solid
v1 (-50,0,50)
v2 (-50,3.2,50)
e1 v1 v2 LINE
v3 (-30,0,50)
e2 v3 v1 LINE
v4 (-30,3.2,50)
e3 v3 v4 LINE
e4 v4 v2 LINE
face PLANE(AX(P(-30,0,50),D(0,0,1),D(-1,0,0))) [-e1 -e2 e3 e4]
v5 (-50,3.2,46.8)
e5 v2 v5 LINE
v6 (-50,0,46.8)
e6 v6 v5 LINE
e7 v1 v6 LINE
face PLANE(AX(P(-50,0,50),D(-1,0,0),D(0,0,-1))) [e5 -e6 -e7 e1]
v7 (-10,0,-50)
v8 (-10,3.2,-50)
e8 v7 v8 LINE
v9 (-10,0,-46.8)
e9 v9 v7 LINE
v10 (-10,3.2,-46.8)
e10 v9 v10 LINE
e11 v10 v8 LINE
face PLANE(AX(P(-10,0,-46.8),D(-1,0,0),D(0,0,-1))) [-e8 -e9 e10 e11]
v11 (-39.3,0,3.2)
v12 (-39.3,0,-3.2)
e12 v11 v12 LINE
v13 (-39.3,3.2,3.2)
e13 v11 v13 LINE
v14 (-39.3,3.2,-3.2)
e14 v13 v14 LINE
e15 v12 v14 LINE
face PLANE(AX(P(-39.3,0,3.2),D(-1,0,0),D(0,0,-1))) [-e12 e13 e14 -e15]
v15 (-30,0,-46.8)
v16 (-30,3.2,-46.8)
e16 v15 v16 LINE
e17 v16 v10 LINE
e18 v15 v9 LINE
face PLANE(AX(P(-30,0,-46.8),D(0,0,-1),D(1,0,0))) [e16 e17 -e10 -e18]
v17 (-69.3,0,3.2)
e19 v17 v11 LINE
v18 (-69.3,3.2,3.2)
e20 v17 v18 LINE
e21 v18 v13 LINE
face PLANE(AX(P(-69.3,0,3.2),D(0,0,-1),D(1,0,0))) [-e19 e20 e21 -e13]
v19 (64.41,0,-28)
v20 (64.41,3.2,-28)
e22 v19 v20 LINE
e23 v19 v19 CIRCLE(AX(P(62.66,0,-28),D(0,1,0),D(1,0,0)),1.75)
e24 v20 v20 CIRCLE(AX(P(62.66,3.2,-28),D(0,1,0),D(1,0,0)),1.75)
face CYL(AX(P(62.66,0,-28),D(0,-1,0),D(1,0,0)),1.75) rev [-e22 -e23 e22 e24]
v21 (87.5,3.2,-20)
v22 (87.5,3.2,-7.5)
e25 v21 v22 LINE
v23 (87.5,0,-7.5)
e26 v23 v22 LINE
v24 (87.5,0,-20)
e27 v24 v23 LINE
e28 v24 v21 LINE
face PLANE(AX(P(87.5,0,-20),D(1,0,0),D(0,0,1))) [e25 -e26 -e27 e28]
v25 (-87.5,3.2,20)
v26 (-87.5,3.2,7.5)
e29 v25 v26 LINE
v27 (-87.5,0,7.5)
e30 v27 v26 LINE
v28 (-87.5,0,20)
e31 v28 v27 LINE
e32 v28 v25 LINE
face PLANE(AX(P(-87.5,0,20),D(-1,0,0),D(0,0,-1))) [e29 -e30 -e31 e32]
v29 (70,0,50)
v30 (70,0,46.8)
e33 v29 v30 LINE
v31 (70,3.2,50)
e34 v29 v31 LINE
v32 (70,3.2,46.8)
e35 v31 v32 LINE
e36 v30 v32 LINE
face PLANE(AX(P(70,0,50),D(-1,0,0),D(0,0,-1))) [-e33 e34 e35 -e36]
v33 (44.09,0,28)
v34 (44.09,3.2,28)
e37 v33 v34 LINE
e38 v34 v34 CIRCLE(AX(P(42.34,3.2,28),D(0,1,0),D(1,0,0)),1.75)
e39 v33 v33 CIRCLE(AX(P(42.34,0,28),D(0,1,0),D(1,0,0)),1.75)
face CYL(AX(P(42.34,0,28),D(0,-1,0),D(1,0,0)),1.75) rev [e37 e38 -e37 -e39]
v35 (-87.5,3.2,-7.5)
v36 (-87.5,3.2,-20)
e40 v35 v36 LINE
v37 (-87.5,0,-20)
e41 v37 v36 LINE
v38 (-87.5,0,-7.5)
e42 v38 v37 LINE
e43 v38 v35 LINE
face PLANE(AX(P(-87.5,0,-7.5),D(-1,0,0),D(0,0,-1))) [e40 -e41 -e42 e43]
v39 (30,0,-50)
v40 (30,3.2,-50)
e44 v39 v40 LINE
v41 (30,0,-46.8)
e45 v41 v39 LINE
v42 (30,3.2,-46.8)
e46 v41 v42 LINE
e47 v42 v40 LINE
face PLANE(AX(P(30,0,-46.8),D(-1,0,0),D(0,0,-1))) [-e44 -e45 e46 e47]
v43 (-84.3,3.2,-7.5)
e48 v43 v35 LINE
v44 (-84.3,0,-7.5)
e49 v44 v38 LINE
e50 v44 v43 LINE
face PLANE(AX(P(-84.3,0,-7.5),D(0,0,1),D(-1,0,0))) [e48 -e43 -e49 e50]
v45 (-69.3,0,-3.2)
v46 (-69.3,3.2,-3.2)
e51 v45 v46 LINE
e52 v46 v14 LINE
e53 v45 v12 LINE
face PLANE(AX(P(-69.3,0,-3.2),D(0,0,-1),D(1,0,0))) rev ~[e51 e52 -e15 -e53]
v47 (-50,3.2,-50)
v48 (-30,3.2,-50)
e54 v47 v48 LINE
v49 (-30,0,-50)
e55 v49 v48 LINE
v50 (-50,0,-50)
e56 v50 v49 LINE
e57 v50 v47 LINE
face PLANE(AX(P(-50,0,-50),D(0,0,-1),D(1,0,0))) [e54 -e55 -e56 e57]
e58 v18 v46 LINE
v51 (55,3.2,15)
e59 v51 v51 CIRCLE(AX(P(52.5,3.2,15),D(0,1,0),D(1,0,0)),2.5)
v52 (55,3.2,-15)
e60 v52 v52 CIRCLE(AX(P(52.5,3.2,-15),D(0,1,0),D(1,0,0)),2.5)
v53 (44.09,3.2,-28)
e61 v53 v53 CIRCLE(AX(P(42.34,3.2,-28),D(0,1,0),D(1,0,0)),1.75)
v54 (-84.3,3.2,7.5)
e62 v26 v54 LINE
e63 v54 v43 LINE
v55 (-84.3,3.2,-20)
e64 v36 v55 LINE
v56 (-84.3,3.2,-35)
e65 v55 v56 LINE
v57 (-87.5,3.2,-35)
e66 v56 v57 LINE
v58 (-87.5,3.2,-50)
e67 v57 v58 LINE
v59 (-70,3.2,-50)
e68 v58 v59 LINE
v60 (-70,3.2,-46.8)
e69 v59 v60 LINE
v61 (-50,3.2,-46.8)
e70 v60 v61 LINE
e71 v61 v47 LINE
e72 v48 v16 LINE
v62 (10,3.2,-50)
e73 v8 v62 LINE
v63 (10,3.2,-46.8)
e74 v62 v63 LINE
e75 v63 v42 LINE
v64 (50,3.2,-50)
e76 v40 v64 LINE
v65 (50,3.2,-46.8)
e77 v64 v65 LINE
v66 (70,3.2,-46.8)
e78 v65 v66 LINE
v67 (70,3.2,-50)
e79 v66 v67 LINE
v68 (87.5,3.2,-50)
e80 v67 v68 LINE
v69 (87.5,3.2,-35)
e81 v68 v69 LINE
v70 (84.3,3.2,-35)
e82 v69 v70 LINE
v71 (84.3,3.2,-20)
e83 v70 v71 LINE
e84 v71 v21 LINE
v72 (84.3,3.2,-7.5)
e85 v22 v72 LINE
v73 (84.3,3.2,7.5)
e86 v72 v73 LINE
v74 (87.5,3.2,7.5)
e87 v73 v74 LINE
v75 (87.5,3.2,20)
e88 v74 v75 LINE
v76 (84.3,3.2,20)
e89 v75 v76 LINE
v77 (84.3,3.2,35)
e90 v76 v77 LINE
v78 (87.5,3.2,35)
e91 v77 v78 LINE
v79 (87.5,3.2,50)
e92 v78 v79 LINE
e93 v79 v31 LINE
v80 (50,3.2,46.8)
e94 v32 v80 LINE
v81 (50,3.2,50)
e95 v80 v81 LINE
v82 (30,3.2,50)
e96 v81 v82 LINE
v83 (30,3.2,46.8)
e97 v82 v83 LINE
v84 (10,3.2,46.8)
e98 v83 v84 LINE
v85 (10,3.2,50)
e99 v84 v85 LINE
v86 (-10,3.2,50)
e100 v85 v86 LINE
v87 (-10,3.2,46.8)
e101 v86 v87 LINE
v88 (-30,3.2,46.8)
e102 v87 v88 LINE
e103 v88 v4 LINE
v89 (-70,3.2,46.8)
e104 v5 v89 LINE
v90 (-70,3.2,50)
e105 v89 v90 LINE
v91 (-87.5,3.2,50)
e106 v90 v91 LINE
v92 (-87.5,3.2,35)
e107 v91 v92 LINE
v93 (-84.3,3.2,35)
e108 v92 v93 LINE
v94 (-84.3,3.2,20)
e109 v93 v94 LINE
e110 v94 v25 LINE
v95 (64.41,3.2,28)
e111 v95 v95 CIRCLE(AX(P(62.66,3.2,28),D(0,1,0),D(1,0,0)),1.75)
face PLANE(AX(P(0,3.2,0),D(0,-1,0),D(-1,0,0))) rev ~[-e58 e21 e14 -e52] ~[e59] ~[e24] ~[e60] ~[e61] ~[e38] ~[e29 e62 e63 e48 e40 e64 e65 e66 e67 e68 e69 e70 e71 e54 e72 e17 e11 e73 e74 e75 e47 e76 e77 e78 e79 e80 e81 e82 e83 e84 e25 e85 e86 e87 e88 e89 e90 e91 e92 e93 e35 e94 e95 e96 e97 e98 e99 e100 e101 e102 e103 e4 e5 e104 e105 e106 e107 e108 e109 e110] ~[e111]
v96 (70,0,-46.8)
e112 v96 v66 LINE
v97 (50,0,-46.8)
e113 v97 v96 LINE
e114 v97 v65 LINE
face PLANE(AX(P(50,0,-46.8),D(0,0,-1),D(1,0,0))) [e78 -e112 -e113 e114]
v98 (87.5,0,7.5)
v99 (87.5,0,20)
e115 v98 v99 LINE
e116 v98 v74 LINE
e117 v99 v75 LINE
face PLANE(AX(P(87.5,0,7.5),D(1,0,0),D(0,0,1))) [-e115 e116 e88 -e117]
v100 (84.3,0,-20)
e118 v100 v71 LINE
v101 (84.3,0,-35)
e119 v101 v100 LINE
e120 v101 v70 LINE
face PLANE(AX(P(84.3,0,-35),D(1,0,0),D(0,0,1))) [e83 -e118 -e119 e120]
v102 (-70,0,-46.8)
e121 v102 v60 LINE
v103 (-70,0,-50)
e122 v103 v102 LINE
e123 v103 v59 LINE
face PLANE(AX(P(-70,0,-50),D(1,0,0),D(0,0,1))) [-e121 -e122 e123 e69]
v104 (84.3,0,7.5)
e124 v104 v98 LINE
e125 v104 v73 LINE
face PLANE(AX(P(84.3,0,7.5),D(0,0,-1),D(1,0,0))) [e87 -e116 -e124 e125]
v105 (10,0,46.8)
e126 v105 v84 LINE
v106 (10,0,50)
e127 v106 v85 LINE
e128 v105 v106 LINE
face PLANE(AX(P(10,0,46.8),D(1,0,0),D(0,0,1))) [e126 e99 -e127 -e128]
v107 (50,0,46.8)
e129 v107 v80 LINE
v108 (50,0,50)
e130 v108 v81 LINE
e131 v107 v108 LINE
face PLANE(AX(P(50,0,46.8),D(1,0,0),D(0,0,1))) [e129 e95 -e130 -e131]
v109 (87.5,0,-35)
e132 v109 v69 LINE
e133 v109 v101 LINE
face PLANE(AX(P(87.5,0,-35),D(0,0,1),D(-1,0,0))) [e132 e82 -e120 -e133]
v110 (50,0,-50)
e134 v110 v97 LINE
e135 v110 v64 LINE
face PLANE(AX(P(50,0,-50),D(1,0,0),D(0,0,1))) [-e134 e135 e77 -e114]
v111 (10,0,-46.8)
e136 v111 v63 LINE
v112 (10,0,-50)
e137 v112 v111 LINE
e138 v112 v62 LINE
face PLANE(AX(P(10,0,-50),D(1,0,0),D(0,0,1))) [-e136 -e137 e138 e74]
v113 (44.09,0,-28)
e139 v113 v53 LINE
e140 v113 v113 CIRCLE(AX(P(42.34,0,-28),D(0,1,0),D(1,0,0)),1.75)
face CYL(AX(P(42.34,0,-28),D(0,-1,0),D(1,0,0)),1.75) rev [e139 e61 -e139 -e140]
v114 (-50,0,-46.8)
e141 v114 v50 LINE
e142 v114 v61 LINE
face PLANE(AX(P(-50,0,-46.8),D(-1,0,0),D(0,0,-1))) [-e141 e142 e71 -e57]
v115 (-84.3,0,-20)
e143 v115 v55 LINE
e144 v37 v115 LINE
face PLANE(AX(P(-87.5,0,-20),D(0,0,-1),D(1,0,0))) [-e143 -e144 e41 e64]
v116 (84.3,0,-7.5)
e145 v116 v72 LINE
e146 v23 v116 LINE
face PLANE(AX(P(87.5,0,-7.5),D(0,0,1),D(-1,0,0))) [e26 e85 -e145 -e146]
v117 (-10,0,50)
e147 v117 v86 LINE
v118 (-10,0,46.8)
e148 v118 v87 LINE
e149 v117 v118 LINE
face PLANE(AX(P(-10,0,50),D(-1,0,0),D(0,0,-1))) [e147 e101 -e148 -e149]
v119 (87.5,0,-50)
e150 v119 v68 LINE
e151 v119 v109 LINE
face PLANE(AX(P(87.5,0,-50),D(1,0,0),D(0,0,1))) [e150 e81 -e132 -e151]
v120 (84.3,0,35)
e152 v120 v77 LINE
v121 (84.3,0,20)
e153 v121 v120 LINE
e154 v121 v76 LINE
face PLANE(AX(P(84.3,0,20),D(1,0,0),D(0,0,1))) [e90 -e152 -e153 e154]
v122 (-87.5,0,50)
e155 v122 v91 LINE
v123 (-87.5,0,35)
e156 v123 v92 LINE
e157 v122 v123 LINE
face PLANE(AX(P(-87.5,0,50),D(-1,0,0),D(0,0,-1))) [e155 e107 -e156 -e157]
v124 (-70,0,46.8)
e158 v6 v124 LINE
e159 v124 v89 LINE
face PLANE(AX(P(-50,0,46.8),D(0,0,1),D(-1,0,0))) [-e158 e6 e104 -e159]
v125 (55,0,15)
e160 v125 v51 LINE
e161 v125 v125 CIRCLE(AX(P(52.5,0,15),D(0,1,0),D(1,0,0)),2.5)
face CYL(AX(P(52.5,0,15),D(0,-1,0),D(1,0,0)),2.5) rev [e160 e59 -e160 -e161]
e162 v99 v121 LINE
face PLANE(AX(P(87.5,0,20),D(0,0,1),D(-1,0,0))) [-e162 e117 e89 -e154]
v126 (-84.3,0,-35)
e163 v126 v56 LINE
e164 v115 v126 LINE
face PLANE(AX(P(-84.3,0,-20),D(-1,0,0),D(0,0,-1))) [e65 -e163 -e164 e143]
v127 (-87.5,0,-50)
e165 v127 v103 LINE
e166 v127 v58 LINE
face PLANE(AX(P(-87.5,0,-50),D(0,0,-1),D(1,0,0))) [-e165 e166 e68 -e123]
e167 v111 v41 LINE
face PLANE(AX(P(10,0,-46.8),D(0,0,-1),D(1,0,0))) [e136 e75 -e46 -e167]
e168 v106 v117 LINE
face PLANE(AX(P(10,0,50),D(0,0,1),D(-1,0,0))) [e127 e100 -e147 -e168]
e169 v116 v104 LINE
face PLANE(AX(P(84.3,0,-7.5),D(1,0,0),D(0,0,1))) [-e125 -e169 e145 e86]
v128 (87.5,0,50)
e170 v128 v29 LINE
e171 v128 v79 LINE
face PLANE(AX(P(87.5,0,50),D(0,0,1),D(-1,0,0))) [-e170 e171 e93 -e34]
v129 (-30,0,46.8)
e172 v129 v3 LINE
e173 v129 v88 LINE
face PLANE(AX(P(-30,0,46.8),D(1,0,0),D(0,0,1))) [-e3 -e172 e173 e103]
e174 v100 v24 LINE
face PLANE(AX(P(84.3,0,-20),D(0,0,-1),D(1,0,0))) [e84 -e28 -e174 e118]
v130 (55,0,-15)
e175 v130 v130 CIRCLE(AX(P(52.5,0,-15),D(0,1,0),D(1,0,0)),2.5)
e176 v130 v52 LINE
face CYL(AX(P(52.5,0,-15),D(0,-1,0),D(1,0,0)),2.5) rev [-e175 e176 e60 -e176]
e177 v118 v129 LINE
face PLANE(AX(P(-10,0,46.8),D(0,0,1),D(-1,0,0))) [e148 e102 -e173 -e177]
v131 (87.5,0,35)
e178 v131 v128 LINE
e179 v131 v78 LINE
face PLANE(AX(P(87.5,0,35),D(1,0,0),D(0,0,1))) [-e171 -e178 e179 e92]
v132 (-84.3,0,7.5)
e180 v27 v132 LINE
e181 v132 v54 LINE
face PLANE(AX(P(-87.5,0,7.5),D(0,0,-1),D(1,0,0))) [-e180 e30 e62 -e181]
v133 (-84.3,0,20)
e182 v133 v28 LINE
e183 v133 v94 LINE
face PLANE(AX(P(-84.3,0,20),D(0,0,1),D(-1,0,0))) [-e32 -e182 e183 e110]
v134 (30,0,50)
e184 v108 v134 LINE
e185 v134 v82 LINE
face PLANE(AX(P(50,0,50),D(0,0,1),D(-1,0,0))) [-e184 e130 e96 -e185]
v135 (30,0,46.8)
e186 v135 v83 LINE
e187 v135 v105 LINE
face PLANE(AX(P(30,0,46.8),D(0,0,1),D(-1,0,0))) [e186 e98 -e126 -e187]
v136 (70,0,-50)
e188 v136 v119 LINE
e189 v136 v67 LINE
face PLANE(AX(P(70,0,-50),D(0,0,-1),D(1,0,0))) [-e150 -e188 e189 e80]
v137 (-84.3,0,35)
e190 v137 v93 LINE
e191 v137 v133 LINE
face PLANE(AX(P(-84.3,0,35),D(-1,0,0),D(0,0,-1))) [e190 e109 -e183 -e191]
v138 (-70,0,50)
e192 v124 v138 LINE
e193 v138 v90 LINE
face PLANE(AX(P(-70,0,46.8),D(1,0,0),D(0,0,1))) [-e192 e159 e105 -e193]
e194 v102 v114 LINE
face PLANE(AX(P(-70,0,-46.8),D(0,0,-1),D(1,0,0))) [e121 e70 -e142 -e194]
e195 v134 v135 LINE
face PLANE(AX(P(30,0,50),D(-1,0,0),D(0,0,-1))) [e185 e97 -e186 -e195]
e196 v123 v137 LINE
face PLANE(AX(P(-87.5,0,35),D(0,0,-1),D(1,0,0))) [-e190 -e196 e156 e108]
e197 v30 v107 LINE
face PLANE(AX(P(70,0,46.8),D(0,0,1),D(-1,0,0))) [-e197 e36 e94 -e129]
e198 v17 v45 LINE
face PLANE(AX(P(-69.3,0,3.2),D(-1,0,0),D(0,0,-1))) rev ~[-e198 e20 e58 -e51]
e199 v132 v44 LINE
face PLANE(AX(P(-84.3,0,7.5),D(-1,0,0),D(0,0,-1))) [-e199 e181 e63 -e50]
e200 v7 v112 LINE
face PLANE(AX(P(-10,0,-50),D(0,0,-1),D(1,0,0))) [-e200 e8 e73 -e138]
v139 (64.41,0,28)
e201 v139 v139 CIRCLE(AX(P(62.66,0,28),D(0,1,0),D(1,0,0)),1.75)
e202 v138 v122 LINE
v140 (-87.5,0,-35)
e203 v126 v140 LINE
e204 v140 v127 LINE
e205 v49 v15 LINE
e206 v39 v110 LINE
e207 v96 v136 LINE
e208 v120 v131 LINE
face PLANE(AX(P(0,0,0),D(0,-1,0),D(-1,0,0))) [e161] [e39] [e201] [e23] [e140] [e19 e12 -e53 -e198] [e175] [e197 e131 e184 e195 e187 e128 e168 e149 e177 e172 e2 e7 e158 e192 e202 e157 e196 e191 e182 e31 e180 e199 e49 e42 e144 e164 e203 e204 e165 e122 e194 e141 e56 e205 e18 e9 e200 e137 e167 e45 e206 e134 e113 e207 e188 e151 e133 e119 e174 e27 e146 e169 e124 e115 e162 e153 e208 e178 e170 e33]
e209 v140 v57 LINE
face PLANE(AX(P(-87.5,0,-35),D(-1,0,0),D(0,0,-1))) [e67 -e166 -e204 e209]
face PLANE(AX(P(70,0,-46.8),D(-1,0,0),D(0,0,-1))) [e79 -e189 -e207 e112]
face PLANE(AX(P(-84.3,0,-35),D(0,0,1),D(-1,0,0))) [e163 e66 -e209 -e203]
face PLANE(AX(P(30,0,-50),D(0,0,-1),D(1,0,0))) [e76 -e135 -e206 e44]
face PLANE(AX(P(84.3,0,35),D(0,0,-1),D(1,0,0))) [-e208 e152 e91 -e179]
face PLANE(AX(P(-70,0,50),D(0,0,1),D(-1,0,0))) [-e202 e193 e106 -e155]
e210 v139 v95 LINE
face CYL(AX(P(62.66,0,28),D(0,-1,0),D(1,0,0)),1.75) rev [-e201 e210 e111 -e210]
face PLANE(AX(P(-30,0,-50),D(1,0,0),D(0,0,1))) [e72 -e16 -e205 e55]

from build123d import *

# Parameters (mm, degrees)
SKETCH1_R           = 2.5
SKETCH1_R_2         = 1.75
SKETCH1_W           = 30
SKETCH1_H           = 6.4
BOSS_EXTRUDE1_DEPTH = 3.2


with BuildPart() as part:
    # Sketch1 → Boss-Extrude1 (new body)
    with BuildSketch(Plane(origin=(0, 0, 0), x_dir=(1, 0, 0), z_dir=(0, 1, 0))):
        Polygon((-87.5, 7.5), (-87.5, 20), (-84.3, 20), (-84.3, 35), (-87.5, 35), (-87.5, 50), (-70, 50), (-70, 46.8), (-50, 46.8), (-50, 50), (-30, 50), (-30, 46.8), (-10, 46.8), (-10, 50), (10, 50), (10, 46.8), (30, 46.8), (30, 50), (50, 50), (50, 46.8), (70, 46.8), (70, 50), (87.5, 50), (87.5, 35), (84.3, 35), (84.3, 20), (87.5, 20), (87.5, 7.5), (84.3, 7.5), (84.3, -7.5), (87.5, -7.5), (87.5, -20), (84.3, -20), (84.3, -35), (87.5, -35), (87.5, -50), (70, -50), (70, -46.8), (50, -46.8), (50, -50), (30, -50), (30, -46.8), (10, -46.8), (10, -50), (-10, -50), (-10, -46.8), (-30, -46.8), (-30, -50), (-50, -50), (-50, -46.8), (-70, -46.8), (-70, -50), (-87.5, -50), (-87.5, -35), (-84.3, -35), (-84.3, -20), (-87.5, -20), (-87.5, -7.5), (-84.3, -7.5), (-84.3, 7.5), align=None)
        with Locations((52.5, 15)):
            Circle(SKETCH1_R, mode=Mode.SUBTRACT)
        with Locations((42.34, 28)):
            Circle(SKETCH1_R_2, mode=Mode.SUBTRACT)
        with Locations((62.66, 28)):
            Circle(SKETCH1_R_2, mode=Mode.SUBTRACT)
        with Locations((62.66, -28)):
            Circle(SKETCH1_R_2, mode=Mode.SUBTRACT)
        with Locations((42.34, -28)):
            Circle(SKETCH1_R_2, mode=Mode.SUBTRACT)
        with Locations((52.5, -15)):
            Circle(SKETCH1_R, mode=Mode.SUBTRACT)
        with Locations((-54.3, 0)):
            Rectangle(SKETCH1_W, SKETCH1_H, mode=Mode.SUBTRACT)
    extrude(amount=BOSS_EXTRUDE1_DEPTH)


solid = part.part
